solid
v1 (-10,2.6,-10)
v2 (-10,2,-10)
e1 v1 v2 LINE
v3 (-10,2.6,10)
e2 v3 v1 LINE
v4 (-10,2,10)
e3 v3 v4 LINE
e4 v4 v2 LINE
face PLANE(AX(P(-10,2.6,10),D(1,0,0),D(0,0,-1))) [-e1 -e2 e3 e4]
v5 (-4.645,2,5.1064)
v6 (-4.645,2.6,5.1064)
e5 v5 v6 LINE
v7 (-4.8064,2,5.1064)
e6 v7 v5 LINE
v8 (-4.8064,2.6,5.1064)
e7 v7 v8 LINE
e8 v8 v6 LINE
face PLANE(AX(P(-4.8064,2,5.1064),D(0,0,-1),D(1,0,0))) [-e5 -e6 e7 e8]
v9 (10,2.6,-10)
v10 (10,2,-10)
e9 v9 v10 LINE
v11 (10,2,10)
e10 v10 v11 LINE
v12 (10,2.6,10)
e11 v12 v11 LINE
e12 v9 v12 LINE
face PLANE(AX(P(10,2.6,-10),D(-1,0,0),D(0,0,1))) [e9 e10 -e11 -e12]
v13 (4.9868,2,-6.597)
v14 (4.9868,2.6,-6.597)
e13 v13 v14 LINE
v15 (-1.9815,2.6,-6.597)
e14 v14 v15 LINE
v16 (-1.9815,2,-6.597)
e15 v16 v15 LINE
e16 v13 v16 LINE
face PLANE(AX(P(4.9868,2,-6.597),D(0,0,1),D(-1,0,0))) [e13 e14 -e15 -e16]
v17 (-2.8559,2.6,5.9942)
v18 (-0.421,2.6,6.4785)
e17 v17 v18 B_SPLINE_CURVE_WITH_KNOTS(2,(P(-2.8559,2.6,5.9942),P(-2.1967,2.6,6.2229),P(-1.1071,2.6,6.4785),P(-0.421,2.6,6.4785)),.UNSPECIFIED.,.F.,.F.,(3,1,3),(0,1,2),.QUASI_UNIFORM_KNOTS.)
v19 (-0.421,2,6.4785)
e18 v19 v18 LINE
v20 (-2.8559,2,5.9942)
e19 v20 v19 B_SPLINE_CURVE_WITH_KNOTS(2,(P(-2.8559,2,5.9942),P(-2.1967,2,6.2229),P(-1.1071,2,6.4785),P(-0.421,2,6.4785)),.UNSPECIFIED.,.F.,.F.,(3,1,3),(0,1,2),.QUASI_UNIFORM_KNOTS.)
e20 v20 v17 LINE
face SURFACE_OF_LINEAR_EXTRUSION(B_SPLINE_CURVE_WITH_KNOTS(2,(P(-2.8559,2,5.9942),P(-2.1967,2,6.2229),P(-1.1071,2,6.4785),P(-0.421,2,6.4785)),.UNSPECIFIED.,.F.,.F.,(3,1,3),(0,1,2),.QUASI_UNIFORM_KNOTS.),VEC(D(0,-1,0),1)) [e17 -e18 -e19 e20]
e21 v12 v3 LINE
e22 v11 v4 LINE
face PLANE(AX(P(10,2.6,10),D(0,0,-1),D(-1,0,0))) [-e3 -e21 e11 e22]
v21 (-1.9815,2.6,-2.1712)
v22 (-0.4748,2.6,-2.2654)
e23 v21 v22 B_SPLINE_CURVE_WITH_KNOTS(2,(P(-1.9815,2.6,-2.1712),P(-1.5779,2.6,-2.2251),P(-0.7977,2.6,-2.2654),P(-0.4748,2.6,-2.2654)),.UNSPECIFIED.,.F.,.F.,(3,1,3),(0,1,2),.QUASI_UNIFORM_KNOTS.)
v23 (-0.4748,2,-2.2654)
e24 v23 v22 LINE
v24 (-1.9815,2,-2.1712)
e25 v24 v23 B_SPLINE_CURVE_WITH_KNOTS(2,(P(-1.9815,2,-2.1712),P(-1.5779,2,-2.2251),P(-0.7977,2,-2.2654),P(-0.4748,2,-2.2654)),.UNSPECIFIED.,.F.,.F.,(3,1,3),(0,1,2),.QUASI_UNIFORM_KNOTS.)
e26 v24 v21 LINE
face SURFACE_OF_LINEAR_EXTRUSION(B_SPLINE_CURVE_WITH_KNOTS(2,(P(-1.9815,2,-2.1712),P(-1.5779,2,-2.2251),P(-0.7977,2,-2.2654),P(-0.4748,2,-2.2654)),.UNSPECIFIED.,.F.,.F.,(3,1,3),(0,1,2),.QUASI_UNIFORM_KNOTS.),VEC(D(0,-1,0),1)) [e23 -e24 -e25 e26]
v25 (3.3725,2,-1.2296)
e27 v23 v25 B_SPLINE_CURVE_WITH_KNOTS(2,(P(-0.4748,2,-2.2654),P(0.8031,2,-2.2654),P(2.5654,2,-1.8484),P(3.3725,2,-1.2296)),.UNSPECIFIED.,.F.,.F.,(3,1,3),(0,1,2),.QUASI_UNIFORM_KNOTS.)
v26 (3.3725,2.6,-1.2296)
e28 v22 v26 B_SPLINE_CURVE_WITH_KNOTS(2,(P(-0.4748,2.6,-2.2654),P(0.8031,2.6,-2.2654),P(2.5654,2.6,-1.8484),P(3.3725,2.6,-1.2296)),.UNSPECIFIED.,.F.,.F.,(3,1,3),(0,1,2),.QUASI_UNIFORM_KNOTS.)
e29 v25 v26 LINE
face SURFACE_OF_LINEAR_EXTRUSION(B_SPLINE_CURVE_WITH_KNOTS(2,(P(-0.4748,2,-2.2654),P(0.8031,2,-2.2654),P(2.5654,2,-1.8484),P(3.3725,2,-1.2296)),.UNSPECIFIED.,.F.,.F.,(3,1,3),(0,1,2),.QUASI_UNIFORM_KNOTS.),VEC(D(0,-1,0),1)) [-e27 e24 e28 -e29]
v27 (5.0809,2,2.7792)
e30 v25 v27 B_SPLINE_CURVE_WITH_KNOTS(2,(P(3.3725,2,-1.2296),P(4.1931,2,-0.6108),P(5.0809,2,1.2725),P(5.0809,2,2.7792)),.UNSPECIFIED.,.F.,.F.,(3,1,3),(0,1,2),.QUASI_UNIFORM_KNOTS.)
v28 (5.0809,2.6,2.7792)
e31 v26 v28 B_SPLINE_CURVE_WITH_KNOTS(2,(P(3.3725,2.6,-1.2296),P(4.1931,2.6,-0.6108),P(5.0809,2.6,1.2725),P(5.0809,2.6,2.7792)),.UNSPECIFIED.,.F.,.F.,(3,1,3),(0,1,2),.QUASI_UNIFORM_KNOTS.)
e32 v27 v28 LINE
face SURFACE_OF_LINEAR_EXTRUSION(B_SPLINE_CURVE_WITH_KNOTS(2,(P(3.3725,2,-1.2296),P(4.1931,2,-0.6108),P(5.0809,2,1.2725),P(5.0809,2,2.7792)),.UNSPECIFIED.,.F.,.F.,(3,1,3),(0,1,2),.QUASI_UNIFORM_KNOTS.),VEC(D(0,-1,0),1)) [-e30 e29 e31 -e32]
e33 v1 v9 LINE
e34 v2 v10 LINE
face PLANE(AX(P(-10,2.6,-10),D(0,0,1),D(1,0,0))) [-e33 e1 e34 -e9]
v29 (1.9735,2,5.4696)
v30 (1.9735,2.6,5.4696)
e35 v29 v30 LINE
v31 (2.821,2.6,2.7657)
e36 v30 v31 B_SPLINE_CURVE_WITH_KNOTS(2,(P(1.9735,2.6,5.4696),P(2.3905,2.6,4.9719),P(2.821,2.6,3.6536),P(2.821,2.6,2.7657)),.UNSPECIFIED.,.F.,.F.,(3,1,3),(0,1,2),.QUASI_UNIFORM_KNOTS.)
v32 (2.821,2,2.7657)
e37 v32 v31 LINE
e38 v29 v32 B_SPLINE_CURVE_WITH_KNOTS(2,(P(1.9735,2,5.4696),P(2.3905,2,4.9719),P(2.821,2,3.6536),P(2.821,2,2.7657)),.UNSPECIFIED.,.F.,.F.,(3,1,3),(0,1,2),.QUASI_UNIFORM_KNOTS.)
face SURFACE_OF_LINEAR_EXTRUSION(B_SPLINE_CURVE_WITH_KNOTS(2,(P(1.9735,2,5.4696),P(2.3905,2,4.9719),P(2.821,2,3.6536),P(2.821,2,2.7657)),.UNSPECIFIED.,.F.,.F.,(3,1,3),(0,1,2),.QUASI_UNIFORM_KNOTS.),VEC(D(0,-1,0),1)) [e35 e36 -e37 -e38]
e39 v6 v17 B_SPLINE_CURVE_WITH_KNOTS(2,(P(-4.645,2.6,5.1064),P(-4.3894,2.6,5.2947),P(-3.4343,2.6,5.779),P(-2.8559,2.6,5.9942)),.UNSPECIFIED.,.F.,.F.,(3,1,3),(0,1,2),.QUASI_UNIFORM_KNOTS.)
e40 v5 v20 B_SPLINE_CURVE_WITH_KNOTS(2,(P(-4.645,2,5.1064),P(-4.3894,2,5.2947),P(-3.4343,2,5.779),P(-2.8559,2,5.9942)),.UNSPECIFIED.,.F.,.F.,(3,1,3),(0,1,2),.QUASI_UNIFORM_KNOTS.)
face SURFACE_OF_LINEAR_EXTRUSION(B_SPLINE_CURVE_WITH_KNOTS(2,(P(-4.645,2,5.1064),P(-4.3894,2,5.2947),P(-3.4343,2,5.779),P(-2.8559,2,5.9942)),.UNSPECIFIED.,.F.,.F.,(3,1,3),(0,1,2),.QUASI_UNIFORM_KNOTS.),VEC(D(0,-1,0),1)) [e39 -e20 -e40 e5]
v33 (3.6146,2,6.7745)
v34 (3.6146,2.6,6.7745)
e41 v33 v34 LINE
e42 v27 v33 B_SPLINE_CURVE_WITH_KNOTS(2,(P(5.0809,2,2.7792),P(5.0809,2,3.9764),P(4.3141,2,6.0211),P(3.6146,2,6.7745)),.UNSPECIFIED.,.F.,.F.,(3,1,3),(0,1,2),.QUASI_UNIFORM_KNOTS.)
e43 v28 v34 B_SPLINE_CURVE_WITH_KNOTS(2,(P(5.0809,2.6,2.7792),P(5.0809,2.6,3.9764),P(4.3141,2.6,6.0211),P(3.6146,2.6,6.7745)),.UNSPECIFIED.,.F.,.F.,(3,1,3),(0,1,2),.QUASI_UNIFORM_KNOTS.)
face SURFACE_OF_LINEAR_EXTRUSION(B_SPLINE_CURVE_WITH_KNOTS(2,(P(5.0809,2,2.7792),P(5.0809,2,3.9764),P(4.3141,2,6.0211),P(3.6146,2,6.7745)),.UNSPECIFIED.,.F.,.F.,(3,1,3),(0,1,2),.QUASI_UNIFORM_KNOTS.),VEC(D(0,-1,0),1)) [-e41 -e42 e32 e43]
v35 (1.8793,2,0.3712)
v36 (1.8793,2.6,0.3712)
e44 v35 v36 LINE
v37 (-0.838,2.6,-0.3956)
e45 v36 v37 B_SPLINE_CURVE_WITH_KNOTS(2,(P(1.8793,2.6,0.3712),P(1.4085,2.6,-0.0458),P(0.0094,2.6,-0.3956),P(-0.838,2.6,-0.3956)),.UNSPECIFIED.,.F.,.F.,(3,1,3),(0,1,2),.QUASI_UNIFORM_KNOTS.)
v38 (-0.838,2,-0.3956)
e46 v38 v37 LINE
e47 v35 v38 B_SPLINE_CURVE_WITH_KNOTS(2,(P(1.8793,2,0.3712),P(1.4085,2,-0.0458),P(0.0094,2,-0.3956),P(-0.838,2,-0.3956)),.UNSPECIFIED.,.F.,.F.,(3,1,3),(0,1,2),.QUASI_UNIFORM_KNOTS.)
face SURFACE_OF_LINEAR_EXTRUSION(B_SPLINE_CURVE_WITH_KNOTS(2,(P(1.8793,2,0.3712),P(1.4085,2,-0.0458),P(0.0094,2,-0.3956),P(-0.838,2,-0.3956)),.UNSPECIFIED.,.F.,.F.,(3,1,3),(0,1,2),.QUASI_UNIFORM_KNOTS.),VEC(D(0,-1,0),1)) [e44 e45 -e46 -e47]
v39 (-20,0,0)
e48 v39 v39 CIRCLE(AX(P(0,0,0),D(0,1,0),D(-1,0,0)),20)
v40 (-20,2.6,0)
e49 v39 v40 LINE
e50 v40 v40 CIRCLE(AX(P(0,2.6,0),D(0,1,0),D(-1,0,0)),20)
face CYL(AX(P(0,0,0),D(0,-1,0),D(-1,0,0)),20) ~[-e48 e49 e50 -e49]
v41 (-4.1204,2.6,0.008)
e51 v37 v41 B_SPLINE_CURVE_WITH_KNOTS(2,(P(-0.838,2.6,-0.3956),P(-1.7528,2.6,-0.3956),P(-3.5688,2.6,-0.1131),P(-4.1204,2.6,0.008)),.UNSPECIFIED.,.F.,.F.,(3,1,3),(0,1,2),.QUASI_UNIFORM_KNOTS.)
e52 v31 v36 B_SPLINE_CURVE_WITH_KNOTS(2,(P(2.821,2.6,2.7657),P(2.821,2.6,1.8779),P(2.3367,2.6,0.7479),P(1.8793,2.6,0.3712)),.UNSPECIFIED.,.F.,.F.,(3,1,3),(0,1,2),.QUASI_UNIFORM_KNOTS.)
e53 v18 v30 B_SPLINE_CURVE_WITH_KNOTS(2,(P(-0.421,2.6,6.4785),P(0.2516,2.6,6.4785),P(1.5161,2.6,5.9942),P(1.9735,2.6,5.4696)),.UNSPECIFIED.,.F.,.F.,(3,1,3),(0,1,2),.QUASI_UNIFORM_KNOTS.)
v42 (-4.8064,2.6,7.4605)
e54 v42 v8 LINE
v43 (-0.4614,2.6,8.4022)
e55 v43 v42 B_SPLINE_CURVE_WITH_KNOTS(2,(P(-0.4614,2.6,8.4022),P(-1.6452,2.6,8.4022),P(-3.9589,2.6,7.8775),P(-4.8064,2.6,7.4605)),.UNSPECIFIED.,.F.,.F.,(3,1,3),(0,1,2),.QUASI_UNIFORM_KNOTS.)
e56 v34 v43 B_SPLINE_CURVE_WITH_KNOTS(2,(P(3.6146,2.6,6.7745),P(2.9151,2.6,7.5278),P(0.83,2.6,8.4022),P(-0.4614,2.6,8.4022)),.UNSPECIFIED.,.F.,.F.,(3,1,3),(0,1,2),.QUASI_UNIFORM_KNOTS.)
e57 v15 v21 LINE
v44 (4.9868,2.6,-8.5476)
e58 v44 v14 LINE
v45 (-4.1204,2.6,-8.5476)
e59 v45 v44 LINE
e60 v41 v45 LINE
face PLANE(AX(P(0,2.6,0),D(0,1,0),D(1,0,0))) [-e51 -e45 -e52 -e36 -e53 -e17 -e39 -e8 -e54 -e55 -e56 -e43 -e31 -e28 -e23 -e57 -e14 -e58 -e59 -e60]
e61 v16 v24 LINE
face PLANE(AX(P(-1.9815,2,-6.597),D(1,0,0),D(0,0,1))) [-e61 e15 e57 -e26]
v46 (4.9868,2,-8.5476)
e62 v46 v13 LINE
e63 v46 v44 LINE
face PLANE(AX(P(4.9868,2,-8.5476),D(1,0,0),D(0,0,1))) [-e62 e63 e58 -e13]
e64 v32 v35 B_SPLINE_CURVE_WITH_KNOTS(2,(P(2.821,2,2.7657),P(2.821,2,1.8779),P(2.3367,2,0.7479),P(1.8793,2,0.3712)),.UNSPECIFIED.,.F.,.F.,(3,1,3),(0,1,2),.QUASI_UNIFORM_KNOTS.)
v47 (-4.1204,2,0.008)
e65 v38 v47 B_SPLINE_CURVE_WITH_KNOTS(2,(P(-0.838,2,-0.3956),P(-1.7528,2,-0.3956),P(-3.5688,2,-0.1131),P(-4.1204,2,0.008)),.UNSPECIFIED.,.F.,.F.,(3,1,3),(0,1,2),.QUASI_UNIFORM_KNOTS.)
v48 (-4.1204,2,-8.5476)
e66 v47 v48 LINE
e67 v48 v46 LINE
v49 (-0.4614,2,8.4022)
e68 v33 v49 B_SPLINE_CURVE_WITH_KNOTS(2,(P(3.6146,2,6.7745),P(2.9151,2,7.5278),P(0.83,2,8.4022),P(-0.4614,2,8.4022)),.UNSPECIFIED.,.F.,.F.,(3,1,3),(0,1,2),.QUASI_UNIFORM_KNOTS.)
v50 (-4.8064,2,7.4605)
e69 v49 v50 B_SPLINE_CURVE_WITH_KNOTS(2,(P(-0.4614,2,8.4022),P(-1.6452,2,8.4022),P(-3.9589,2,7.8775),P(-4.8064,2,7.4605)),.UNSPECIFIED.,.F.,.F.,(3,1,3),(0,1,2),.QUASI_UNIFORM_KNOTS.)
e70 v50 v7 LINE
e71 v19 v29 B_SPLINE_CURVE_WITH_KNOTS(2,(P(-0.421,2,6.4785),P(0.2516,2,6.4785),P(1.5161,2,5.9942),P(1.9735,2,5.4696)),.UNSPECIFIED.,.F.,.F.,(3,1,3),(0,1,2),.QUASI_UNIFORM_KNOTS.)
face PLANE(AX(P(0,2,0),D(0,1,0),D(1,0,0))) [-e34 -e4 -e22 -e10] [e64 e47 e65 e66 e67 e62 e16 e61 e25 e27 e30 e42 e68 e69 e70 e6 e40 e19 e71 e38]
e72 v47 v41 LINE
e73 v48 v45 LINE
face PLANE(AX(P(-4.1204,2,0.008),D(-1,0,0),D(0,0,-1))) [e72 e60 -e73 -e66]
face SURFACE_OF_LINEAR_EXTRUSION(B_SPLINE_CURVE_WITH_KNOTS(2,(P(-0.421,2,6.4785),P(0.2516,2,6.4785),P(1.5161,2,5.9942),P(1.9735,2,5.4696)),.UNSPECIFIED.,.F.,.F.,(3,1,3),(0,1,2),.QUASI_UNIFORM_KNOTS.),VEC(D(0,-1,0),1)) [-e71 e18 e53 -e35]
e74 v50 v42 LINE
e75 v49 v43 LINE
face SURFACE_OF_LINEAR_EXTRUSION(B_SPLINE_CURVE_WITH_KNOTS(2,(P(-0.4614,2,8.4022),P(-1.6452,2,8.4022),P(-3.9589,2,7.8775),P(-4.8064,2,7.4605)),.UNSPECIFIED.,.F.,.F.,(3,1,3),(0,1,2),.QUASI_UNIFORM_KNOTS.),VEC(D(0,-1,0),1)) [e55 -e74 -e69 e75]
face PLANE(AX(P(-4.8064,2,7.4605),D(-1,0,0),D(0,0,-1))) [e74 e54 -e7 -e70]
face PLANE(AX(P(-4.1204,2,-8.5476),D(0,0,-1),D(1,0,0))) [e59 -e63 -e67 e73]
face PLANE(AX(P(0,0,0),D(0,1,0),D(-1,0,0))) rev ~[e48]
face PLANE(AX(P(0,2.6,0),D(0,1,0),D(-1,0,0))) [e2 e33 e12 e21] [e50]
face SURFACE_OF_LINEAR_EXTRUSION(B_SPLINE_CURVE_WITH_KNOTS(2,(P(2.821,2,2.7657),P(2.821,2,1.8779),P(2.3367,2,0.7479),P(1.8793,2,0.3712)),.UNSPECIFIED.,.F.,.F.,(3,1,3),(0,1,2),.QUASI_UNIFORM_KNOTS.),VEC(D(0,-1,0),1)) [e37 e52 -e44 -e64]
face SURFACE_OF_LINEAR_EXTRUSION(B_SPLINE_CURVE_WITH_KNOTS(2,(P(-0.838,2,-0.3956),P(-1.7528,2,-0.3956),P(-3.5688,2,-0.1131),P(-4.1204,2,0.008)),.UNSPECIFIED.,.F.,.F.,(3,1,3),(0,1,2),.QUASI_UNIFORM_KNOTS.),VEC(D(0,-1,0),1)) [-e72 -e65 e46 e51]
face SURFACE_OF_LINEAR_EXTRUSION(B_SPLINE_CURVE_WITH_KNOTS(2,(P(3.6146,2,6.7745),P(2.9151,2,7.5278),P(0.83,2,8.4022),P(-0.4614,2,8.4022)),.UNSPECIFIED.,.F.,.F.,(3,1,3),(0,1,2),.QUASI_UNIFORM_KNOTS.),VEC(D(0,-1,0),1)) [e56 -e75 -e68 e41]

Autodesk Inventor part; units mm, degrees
ref_plane "YZ Plane" through (0, 0, 0) normal (1, 0, 0) x (0, 1, 0)
ref_plane "XZ Plane" through (0, 0, 0) normal (0, 1, 0) x (-1, 0, 0)
ref_plane "XY Plane" through (0, 0, 0) normal (0, 0, 1) x (1, 0, 0)
sketch "Sketch1" plane through (0, 0, 0) normal (0, 1, 0) x (-1, 0, 0)
  circle A0 centre (0, 0) radius 20
  dimension "d0" = 40
extrude "Extrusion1" add sketch "Sketch1" along normal blind 2.6
sketch "Sketch2" plane through (0, 2.6, 0) normal (0, 1, 0) x (1, 0, 0)
  line L0 (10, -10) -> (-10, -10)
  line L1 (-10, -10) -> (-10, 10)
  line L2 (-10, 10) -> (10, 10)
  line L3 (10, 10) -> (10, -10)
  line L4 (10, -10) -> (-10, 10) construction
  line L5 (-10, -10) -> (10, 10) construction
  point P0 (0, 0)
  dimension "d3" = 20
  dimension "d4" = 20
extrude "Extrusion2" cut sketch "Sketch2" against normal blind 0.6
sketch "Sketch4" plane through (0, 2, 0) normal (0, 1, 0) x (1, 0, 0)
  line L0 (-6.192, 8.5476) -> (6.2647, 8.5476) construction
  line L1 (6.2647, 8.5476) -> (6.2647, -8.4022) construction
  line L2 (6.2647, -8.4022) -> (-6.192, -8.4022) construction
  line L3 (-6.192, -8.4022) -> (-6.192, 8.5476) construction
  spline S0 degree 2 poles (5.0809, -2.7792) (5.0809, -3.9764) (4.3141, -6.0211) (3.6146, -6.7745) knots 0 0 0 1 2 2 2
  spline S1 degree 2 poles (3.6146, -6.7745) (2.9151, -7.5278) (0.83, -8.4022) (-0.4614, -8.4022) knots 0 0 0 1 2 2 2
  spline S2 degree 2 poles (-0.4614, -8.4022) (-1.6452, -8.4022) (-3.9589, -7.8775) (-4.8064, -7.4605) knots 0 0 0 1 2 2 2
  line L4 (-4.8064, -7.4605) -> (-4.8064, -5.1064)
  line L5 (-4.8064, -5.1064) -> (-4.645, -5.1064)
  spline S3 degree 2 poles (-4.645, -5.1064) (-4.3894, -5.2947) (-3.4343, -5.779) (-2.8559, -5.9942) knots 0 0 0 1 2 2 2
  spline S4 degree 2 poles (-2.8559, -5.9942) (-2.1967, -6.2229) (-1.1071, -6.4785) (-0.421, -6.4785) knots 0 0 0 1 2 2 2
  spline S5 degree 2 poles (-0.421, -6.4785) (0.2516, -6.4785) (1.5161, -5.9942) (1.9735, -5.4696) knots 0 0 0 1 2 2 2
  spline S6 degree 2 poles (1.9735, -5.4696) (2.3905, -4.9719) (2.821, -3.6536) (2.821, -2.7657) knots 0 0 0 1 2 2 2
  spline S7 degree 2 poles (2.821, -2.7657) (2.821, -1.8779) (2.3367, -0.7479) (1.8793, -0.3712) knots 0 0 0 1 2 2 2
  spline S8 degree 2 poles (1.8793, -0.3712) (1.4085, 0.0458) (0.0094, 0.3956) (-0.838, 0.3956) knots 0 0 0 1 2 2 2
  spline S9 degree 2 poles (-0.838, 0.3956) (-1.7528, 0.3956) (-3.5688, 0.1131) (-4.1204, -0.008) knots 0 0 0 1 2 2 2
  line L6 (-4.1204, -0.008) -> (-4.1204, 8.5476)
  line L7 (-4.1204, 8.5476) -> (4.9868, 8.5476)
  line L8 (4.9868, 8.5476) -> (4.9868, 6.597)
  line L9 (4.9868, 6.597) -> (-1.9815, 6.597)
  line L10 (-1.9815, 6.597) -> (-1.9815, 2.1712)
  spline S10 degree 2 poles (-1.9815, 2.1712) (-1.5779, 2.2251) (-0.7977, 2.2654) (-0.4748, 2.2654) knots 0 0 0 1 2 2 2
  spline S11 degree 2 poles (-0.4748, 2.2654) (0.8031, 2.2654) (2.5654, 1.8484) (3.3725, 1.2296) knots 0 0 0 1 2 2 2
  spline S12 degree 2 poles (3.3725, 1.2296) (4.1931, 0.6108) (5.0809, -1.2725) (5.0809, -2.7792) knots 0 0 0 1 2 2 2
extrude "Extrusion4" add sketch "Sketch4" along normal blind 0.6
properties part number "TopMarker1"
